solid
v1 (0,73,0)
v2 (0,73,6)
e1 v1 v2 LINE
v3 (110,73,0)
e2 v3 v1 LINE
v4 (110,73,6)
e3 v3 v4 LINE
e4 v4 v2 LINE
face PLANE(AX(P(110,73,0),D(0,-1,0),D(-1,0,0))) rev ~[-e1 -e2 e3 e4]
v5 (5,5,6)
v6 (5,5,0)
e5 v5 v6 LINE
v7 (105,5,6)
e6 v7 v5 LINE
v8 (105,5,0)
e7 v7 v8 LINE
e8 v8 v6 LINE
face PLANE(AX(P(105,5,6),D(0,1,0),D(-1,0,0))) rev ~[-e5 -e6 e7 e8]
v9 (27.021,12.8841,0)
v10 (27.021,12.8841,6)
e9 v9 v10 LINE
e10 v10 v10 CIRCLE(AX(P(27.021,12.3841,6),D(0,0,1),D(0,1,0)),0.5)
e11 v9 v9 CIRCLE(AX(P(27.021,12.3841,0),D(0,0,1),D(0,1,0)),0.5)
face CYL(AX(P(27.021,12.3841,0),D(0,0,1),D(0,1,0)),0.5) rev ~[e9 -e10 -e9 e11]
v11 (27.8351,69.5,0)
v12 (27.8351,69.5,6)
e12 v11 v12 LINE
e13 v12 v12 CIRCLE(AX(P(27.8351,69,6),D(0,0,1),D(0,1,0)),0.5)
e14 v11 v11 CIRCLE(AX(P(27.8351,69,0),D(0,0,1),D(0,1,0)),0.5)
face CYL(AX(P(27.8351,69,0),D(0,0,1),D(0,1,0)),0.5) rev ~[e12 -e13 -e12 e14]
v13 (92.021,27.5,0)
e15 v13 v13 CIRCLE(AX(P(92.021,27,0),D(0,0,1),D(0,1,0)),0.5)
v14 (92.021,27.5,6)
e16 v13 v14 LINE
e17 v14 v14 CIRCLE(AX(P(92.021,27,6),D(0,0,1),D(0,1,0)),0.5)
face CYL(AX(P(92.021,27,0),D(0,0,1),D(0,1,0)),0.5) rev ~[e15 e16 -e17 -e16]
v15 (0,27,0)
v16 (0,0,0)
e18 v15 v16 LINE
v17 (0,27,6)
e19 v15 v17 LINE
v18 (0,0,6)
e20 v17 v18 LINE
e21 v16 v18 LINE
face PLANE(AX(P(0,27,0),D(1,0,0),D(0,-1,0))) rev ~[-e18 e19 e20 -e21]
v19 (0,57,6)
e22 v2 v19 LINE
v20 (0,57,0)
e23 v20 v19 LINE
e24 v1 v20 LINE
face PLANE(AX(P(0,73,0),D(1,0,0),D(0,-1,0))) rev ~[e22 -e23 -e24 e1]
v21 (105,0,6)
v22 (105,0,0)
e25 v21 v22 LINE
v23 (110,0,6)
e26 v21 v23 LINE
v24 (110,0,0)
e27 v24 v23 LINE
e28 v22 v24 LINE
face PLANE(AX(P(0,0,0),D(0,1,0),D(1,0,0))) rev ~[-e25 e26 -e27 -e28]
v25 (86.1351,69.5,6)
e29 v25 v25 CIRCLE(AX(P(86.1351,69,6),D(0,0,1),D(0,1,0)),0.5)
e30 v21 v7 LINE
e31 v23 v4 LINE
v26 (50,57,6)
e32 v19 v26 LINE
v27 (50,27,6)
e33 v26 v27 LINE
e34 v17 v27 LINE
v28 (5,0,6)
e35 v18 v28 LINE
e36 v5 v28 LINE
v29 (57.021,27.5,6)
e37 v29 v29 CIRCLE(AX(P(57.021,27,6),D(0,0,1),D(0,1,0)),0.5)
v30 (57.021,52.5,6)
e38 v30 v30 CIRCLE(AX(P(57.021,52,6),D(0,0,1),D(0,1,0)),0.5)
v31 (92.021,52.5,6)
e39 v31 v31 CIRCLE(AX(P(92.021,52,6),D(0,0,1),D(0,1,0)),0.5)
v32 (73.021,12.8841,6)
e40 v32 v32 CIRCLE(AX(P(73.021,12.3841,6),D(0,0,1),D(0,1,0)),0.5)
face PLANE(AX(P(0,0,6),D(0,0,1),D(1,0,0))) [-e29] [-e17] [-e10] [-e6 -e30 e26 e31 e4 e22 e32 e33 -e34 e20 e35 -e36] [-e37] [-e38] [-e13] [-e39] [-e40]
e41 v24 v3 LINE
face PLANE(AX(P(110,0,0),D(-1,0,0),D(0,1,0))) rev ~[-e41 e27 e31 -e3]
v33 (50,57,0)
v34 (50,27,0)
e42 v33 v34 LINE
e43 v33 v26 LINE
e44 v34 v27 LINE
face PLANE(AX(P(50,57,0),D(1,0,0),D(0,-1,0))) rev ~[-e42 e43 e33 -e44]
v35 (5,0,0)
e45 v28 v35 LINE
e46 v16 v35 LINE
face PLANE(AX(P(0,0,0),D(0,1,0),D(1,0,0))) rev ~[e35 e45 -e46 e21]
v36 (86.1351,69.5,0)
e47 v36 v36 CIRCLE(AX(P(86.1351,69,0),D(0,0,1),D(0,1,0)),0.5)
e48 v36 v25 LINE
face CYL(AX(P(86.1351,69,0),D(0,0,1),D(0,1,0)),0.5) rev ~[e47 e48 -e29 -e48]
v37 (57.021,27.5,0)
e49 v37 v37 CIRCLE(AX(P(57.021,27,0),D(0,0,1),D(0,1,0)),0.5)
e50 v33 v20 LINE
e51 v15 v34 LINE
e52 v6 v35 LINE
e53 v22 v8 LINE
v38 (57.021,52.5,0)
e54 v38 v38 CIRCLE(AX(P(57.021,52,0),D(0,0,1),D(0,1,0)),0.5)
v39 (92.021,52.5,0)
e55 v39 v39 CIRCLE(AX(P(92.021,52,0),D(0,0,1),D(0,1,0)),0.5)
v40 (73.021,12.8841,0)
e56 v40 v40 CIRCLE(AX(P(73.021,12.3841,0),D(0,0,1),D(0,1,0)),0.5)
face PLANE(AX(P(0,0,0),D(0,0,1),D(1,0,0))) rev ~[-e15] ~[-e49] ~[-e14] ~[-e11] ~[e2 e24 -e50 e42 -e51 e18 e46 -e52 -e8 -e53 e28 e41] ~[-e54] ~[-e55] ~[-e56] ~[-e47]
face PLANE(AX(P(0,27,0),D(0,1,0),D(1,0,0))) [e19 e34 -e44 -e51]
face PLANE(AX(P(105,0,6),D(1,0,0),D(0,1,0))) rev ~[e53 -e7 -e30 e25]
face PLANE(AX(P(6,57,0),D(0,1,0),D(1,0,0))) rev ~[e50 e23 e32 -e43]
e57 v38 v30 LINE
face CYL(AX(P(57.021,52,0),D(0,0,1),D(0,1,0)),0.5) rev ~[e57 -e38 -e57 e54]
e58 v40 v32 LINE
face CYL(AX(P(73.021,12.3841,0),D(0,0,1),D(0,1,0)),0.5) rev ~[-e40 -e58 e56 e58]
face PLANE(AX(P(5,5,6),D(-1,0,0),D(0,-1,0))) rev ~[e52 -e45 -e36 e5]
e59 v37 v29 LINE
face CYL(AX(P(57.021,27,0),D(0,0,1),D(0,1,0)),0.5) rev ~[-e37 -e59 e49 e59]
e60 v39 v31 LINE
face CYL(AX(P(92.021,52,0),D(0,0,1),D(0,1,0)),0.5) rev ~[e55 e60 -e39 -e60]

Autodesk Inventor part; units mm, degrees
ref_plane "YZ Plane" through (0, 0, 0) normal (1, 0, 0) x (0, 1, 0)
ref_plane "XZ Plane" through (0, 0, 0) normal (0, 1, 0) x (-1, 0, 0)
ref_plane "XY Plane" through (0, 0, 0) normal (0, 0, 1) x (1, 0, 0)
sketch "Sketch1" plane through (0, 0, 0) normal (0, 0, 1) x (1, 0, 0)
  line L0 (0, 0) -> (110, 0)
  line L1 (110, 0) -> (110, 73)
  line L2 (110, 73) -> (0, 73)
  line L3 (6, 57) -> (50, 57)
  line L4 (50, 57) -> (50, 27)
  line L5 (6, 57) -> (0, 57)
  line L6 (0, 73) -> (0, 57)
  line L7 (0, 27) -> (0, 0)
  line L8 (0, 27) -> (50, 27)
  dimension "d0" = 110
  dimension "d2" = 16
  dimension "d19" = 57
  dimension "d22" = 50
  dimension "d66" = 30
extrude "Extrusion1" add sketch "Sketch1" along normal blind 6
sketch "Sketch2" plane through (0, 0, 6) normal (0, 0, 1) x (1, 0, 0)
  line L0 (105, 0) -> (105, 5)
  line L1 (105, 5) -> (5, 5)
  line L2 (5, 5) -> (5, 0)
  line L3 (0, 27) -> (0, 0) projected
  line L4 (0, 0) -> (110, 0) projected
  dimension "d13" = 100
  dimension "d14" = 5
  dimension "d15" = 5
extrude "Extrusion2" cut sketch "Sketch2" against normal blind 10
sketch "Sketch3" plane through (0, 0, 0) normal (0, 0, -1) x (-1, 0, 0)
  line L0 (-331.8351, -68) -> (-331.8351, 72) construction
  line L1 (218.6881, -67.4159) -> (-331.3119, -67.4159)
  line L2 (-331.8351, 72) -> (218.1649, 72)
  line L3 (-50.021, 72.5841) -> (-50.021, -67.4159)
  line L4 (-301.8351, 60.0199) -> (-301.8351, -95.3329) construction
  line L5 (-194.8351, 50.8275) -> (-194.8351, -92.5752) construction
  line L6 (-289.8351, 60.0199) -> (-289.8351, -99.0099) construction
  line L7 (-182.8351, -92.5752) -> (-182.8351, 81.6223) construction
  line L8 (-224.6619, -78.1083) -> (-224.6619, -12.2159) construction
  line L9 (-184.2519, -76.0321) -> (-184.2519, -10.2421) construction
  line L10 (-223.8335, -61.4159) -> (-147.922, -61.4159) construction
  line L11 (-179.8519, -67.4159) -> (-179.8519, -42.4159) construction
  line L12 (-229.1619, -42.4159) -> (-229.1619, -67.4159) construction
  line L13 (-73.021, 109.947) -> (-73.021, -118.6448) construction
  line L14 (-147.521, 95.654) -> (-147.521, -118.6448) construction
  line L15 (-208.521, 101.2387) -> (-208.521, -106.3335) construction
  line L16 (-237.7385, -71.614) -> (-237.7385, -46.614)
  line L17 (243.9615, -46.614) -> (243.9615, -71.614)
  line L18 (-92.021, 52) -> (-57.021, 52) construction
  line L19 (-57.021, 52) -> (-57.021, 27) construction
  line L20 (-57.021, 27) -> (-92.021, 27) construction
  line L21 (-92.021, 27) -> (-92.021, 52) construction
  line L22 (-301.8351, 2.5165) -> (201.7932, 2.5165) construction
  line L23 (-105, 0) -> (-105, 5) projected
  line L24 (-105, 5) -> (-5, 5) projected
  line L25 (-5, 5) -> (-5, 0) projected
  line L26 (0, 0) -> (-5, 0) projected
  line L27 (0, 27) -> (0, 0) projected
  line L28 (-50, 27) -> (0, 27) projected
  line L29 (-50, 57) -> (-50, 27) projected
  line L30 (0, 57) -> (-50, 57) projected
  line L31 (0, 73) -> (0, 57) projected
  line L32 (-110, 73) -> (0, 73) projected
  line L33 (-110, 0) -> (-110, 73) projected
  line L34 (-105, 0) -> (-110, 0) projected
  point P0 (-53.9258, 1.4801)
  point P1 (-331.3119, -67.4159)
  point P2 (-266.7948, -13.3199)
  point P3 (-301.8351, 60.0199)
  point P4 (-301.8351, -95.3329)
  point P5 (-289.8351, 2.5165)
  point P6 (-194.8351, 2.5165)
  point P7 (-182.8351, 2.5165)
  point P8 (189.7932, 2.5165)
  point P9 (94.7932, 2.5165)
  point P10 (82.7932, 2.5165)
  point P11 (-50.021, -58.9159)
  point P12 (-224.6619, -61.4159)
  point P13 (-184.2519, -61.4159)
  point P14 (124.6199, -61.4159)
  point P15 (84.2099, -61.4159)
  point P16 (-73.021, 12.3841)
  point P17 (-27.021, 12.3841)
  point P18 (-319.3351, 69)
  point P19 (-261.0351, 69)
  point P20 (-202.7351, 69)
  point P21 (-144.4351, 69)
  point P22 (-86.1351, 69)
  point P23 (-27.8351, 69)
  point P24 (30.4649, 69)
  point P25 (88.7649, 69)
  point P26 (147.0649, 69)
  point P27 (205.3649, 69)
  point P28 (-325.3351, 62)
  point P29 (-325.3351, 54)
  point P30 (-325.3351, 46)
  point P31 (-325.3351, 38)
  point P32 (-325.3351, 30)
  point P33 (-325.3351, 22)
  point P34 (-325.3351, 14)
  point P35 (-325.3351, 6)
  point P36 (-325.3351, -2)
  point P37 (-325.3351, -10)
  point P38 (-325.3351, -18)
  point P39 (-325.3351, -26)
  point P40 (-325.3351, -34)
  point P41 (225.2932, -34)
  point P42 (225.2932, -26)
  point P43 (225.2932, -18)
  point P44 (225.2932, -10)
  point P45 (225.2932, -2)
  point P46 (225.2932, 6)
  point P47 (225.2932, 14)
  point P48 (225.2932, 22)
  point P49 (225.2932, 30)
  point P50 (225.2932, 38)
  point P51 (225.2932, 46)
  point P52 (225.2932, 54)
  point P53 (225.2932, 62)
  point P54 (-242.2385, -65.614)
  point P55 (248.4615, -65.614)
  dimension "d32" = 30
  dimension "d33" = 12
  dimension "d34" = 137
  dimension "d35" = 12
  dimension "d36" = 8.5
  dimension "d37" = 4.4
  dimension "d38" = 4.5
  dimension "d39" = 6
  dimension "d40" = 23
  dimension "d41" = 97.5
  dimension "d42" = 158.5
  dimension "d43" = 3
  dimension "d44" = 12.5
  dimension "d45" = 58.3
  dimension "d46" = 6.5
  dimension "d47" = 10
  dimension "d48" = 8
  dimension "d49" = 35
  dimension "d50" = 35
  dimension "d51" = 25
  dimension "d52" = 4.5
  dimension "d53" = 4.5
  dimension "d56" = 20
  dimension "d57" = 7
  dimension "d58" = 1
hole "Hole1" at (50.021, -58.9159, 0) at (301.8351, 2.5165, 0) at (242.2385, -65.614, 0) at (194.8351, 2.5165, 0) at (289.8351, 2.5165, 0) at (182.8351, 2.5165, 0) at (-189.7932, 2.5165, 0) at (-201.7932, 2.5165, 0) at (-94.7932, 2.5165, 0) at (-82.7932, 2.5165, 0) at (224.6619, -61.4159, 0) at (184.2519, -61.4159, 0) at (-124.6199, -61.4159, 0) at (-84.2099, -61.4159, 0) at (73.021, 12.3841, 0) at (27.021, 12.3841, 0) at (325.3351, 62, 0) at (325.3351, 54, 0) at (325.3351, 46, 0) at (325.3351, 38, 0) at (325.3351, 30, 0) at (325.3351, 22, 0) at (325.3351, 14, 0) at (325.3351, 6, 0) at (325.3351, -2, 0) at (325.3351, -10, 0) at (325.3351, -18, 0) at (325.3351, -26, 0) at (325.3351, -34, 0) at (-225.2932, -34, 0) at (-225.2932, -26, 0) at (-225.2932, -18, 0) at (-225.2932, -10, 0) at (-225.2932, -2, 0) at (-225.2932, 6, 0) at (-225.2932, 14, 0) at (-225.2932, 22, 0) at (-225.2932, 30, 0) at (-225.2932, 38, 0) at (-225.2932, 46, 0) at (-225.2932, 54, 0) at (-225.2932, 62, 0) at (57.021, 52, 0) at (57.021, 27, 0) at (92.021, 27, 0) at (92.021, 52, 0) at (-248.4615, -65.614, 0) at (27.8351, 69, 0) at (86.1351, 69, 0) direction (0, 0, 1) diameter 1 end through all
properties part number "cerceau_front"
